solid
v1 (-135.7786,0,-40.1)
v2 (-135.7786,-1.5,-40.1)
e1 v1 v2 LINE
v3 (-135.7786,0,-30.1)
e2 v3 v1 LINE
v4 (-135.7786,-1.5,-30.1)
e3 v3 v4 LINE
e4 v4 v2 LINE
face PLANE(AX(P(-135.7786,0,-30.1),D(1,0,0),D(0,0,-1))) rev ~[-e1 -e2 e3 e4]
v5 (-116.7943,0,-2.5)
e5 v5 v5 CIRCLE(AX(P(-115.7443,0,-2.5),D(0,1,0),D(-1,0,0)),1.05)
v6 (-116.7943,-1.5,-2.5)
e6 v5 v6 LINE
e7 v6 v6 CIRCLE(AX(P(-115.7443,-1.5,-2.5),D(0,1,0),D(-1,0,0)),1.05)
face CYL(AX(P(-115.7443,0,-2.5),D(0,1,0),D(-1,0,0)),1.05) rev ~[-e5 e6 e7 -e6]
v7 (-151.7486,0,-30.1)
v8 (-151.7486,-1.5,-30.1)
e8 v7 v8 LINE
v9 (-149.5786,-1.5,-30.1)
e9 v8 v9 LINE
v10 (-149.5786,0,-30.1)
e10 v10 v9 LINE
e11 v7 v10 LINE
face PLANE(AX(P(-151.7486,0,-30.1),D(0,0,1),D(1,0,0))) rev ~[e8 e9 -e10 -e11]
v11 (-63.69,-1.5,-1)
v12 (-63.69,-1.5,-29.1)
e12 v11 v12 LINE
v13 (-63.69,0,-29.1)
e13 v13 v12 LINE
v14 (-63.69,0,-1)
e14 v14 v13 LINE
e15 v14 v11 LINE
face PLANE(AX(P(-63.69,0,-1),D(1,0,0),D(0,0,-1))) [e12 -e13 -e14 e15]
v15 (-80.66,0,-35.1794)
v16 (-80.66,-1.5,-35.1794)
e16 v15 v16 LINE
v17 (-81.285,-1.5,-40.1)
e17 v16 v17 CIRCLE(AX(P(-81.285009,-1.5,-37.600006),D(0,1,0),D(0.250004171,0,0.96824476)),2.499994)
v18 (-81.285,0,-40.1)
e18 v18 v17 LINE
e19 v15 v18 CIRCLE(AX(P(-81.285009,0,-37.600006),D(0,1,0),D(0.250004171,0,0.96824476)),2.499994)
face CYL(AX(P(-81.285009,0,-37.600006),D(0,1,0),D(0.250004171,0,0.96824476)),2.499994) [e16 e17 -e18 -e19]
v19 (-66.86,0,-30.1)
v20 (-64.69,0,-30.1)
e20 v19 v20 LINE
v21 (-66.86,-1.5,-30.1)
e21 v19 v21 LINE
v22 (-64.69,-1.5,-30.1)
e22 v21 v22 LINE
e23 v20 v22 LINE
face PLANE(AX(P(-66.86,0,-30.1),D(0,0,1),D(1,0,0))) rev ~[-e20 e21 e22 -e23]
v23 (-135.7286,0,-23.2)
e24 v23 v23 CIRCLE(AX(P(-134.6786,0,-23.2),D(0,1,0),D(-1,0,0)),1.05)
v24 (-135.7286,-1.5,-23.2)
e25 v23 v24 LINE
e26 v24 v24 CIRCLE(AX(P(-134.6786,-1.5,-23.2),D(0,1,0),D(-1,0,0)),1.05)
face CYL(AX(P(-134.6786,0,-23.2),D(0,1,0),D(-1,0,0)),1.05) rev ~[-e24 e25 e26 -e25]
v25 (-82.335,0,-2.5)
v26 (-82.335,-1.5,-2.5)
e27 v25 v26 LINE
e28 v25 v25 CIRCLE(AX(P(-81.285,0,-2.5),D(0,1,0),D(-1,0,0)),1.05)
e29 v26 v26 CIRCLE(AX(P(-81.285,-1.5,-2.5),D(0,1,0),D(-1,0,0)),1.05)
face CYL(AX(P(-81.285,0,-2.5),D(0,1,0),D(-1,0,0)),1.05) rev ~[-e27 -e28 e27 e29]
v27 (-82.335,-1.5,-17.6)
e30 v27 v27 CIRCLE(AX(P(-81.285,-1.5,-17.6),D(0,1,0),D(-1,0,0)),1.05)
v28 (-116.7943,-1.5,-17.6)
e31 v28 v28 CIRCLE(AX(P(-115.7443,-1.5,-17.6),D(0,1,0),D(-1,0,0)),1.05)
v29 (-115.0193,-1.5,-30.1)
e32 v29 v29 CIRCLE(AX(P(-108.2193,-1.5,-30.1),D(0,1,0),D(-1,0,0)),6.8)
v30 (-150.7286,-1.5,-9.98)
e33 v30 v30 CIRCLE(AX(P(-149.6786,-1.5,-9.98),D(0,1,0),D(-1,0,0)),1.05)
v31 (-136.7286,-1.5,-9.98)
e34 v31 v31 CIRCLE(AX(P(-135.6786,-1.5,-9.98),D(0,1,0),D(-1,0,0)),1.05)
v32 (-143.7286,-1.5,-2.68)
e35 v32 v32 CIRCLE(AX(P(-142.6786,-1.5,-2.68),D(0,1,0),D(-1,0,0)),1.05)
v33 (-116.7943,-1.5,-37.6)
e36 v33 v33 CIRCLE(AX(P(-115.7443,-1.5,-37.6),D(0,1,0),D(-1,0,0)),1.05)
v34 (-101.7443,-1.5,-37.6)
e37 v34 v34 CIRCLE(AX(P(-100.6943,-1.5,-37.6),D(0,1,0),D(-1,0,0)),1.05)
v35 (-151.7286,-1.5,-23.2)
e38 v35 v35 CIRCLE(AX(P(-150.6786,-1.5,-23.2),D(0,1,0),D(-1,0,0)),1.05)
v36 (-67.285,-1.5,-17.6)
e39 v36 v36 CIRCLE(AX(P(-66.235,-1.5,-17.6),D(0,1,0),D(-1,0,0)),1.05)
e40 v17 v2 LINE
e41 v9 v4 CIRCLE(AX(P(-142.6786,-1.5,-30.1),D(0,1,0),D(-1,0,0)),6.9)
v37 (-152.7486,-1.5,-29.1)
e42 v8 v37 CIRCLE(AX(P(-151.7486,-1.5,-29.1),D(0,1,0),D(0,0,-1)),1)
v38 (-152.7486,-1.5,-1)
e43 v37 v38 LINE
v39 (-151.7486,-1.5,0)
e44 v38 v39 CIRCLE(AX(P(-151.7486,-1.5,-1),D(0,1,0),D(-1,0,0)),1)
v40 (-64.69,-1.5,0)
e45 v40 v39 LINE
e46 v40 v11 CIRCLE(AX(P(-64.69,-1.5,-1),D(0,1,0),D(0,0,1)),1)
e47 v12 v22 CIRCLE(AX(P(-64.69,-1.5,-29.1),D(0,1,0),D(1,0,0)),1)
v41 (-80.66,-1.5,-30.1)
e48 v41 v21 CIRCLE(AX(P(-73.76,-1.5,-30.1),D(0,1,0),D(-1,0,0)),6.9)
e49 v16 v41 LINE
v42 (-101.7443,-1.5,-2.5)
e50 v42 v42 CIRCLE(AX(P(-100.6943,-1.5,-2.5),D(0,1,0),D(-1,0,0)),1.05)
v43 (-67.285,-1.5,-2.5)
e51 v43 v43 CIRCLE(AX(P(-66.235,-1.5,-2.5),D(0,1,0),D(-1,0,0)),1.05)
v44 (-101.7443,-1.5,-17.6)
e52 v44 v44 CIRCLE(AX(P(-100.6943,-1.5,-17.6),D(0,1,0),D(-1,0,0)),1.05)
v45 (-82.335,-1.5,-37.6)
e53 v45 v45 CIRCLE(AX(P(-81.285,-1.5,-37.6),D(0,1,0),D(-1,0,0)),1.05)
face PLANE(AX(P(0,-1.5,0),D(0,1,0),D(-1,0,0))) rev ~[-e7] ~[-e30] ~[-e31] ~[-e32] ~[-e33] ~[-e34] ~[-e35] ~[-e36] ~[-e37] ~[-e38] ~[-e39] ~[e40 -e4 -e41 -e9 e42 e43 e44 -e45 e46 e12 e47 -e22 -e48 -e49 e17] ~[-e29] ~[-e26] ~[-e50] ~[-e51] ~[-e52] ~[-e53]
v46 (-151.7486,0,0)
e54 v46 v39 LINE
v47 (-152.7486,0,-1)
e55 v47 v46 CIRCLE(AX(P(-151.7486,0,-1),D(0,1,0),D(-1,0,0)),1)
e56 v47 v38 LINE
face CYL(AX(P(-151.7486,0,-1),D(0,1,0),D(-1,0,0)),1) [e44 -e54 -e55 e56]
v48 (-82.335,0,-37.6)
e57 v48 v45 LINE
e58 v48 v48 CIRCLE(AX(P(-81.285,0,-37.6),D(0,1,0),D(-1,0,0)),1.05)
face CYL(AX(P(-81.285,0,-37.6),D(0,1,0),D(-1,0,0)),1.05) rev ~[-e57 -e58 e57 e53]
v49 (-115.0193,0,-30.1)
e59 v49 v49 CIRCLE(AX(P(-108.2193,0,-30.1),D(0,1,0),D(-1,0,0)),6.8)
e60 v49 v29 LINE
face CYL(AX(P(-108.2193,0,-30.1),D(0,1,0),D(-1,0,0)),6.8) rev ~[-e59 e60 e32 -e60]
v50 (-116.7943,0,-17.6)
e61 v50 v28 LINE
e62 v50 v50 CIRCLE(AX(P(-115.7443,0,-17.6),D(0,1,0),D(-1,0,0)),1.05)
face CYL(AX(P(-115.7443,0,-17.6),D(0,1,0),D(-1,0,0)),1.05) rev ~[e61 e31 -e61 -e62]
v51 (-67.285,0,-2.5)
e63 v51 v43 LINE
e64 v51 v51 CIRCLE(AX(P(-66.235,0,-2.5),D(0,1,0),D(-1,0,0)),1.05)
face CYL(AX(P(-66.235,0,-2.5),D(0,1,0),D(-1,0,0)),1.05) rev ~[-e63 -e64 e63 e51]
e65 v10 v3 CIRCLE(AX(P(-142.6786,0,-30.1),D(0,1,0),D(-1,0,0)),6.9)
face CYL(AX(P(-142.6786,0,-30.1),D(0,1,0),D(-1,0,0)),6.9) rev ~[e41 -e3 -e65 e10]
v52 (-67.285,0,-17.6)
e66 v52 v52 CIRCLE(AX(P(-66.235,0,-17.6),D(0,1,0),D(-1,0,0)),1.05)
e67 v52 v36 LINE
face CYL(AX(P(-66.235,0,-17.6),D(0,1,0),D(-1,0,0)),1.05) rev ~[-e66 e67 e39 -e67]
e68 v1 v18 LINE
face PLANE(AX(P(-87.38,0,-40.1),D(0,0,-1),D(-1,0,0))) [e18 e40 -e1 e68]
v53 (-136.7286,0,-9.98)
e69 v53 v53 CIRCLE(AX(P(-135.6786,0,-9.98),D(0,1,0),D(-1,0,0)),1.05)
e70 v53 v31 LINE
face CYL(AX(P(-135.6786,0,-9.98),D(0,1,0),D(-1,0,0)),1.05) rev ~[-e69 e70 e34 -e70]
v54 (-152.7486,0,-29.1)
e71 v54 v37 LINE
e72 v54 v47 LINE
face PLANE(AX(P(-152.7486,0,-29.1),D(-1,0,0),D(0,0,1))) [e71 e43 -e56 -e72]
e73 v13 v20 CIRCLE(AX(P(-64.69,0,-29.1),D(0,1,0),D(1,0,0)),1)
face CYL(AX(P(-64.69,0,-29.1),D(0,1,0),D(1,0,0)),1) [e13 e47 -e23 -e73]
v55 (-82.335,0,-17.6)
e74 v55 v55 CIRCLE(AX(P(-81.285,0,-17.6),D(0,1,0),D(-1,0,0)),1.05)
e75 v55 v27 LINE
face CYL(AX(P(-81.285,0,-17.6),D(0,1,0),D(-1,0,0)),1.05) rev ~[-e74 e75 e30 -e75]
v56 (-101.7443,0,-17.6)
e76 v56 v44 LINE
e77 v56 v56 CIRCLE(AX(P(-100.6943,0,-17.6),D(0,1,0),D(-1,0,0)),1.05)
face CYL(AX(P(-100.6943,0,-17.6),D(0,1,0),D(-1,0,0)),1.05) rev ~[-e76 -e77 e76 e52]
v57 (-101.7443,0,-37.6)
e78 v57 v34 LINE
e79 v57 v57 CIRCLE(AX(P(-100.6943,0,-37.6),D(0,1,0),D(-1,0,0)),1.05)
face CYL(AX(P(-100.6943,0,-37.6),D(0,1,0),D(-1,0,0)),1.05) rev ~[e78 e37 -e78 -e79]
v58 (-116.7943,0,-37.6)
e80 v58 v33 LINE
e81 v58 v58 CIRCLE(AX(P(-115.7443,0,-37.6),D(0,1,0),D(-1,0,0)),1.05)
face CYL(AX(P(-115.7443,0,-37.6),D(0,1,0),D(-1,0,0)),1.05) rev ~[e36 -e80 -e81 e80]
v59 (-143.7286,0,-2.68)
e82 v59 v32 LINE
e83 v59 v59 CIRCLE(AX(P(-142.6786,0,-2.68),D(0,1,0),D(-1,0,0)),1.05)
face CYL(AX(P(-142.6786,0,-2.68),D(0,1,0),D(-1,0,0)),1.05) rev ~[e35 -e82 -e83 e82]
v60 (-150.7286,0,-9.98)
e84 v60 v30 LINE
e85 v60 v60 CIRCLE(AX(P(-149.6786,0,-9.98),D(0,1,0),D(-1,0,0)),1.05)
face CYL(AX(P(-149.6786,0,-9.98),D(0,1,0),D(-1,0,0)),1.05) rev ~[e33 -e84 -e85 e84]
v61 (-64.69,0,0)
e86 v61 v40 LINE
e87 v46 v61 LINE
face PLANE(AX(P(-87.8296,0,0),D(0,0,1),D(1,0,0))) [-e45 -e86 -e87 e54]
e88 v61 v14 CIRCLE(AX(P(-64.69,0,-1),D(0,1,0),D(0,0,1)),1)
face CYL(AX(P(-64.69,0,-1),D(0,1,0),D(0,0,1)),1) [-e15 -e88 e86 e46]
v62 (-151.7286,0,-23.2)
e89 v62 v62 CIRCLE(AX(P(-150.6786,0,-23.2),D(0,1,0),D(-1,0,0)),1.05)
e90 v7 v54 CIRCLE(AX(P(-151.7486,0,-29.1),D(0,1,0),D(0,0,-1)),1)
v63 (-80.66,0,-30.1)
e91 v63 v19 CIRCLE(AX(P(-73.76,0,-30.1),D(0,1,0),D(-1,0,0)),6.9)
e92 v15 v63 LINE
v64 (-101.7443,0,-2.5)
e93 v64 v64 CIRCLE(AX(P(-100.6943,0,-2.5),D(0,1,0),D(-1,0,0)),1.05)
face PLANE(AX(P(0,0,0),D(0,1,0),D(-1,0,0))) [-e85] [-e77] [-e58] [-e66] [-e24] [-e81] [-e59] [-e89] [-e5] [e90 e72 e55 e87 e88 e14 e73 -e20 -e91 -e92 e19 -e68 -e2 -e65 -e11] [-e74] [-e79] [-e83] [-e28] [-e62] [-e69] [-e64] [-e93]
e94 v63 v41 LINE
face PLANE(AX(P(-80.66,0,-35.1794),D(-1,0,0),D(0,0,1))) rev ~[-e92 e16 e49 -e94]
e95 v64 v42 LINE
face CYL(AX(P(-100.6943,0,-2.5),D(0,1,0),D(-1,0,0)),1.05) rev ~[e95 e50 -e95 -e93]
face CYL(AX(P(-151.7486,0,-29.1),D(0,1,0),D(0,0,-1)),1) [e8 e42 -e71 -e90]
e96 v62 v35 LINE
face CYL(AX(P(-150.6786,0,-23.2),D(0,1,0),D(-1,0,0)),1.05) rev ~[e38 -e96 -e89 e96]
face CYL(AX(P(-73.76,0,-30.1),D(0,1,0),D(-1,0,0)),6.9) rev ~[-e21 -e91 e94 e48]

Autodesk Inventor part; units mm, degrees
ref_plane "YZ Plane" through (0, 0, 0) normal (1, 0, 0) x (0, 1, 0)
ref_plane "XZ Plane" through (0, 0, 0) normal (0, 1, 0) x (-1, 0, 0)
ref_plane "XY Plane" through (0, 0, 0) normal (0, 0, 1) x (1, 0, 0)
sketch "Sketch1" plane through (0, 0, 0) normal (0, 1, 0) x (-1, 0, 0)
  line L0 (87.8296, -40.1) -> (87.8296, 0)
  line L1 (128.6089, 0) -> (128.6089, -40.1)
  circle A0 centre (108.2193, -30.1) radius 6.8
  circle A1 centre (100.6943, -37.6) radius 1.05
  circle A2 centre (115.7443, -37.6) radius 1.05
  circle A3 centre (100.6943, -17.6) radius 1.05
  circle A4 centre (115.7443, -17.6) radius 1.05
  circle A5 centre (100.6943, -2.5) radius 1.05
  circle A6 centre (115.7443, -2.5) radius 1.05
  circle A7 centre (81.285, -37.6) radius 1.05
  circle A8 centre (66.235, -17.6) radius 1.05
  circle A9 centre (81.285, -17.6) radius 1.05
  circle A10 centre (66.235, -2.5) radius 1.05
  circle A11 centre (81.285, -2.5) radius 1.05
  circle A12 centre (142.6786, -2.68) radius 1.05
  circle A13 centre (149.6786, -9.98) radius 1.05
  circle A14 centre (135.6786, -9.98) radius 1.05
  circle A15 centre (150.6786, -23.2) radius 1.05
  circle A16 centre (134.6786, -23.2) radius 1.05
  arc A17 (64.69, 0) -> (63.69, -1) centre (64.69, -1) ccw
  arc A18 (152.7486, -1) -> (151.7486, 0) centre (151.7486, -1) ccw
  line L2 (152.7486, -29.1) -> (152.7486, -1)
  arc A19 (151.7486, -30.1) -> (152.7486, -29.1) centre (151.7486, -29.1) ccw
  line L3 (151.7486, -30.1) -> (149.5786, -30.1)
  arc A20 (149.5786, -30.1) -> (135.7786, -30.1) centre (142.6786, -30.1) ccw
  line L4 (135.7786, -30.1) -> (135.7786, -40.1)
  line L5 (81.285, -40.1) -> (135.7786, -40.1)
  arc A21 (80.66, -35.1794) -> (81.285, -40.1) centre (81.285, -37.6) ccw
  line L6 (80.66, -35.1794) -> (80.66, -30.1)
  arc A22 (80.66, -30.1) -> (66.86, -30.1) centre (73.76, -30.1) ccw
  line L7 (66.86, -30.1) -> (64.69, -30.1)
  arc A23 (63.69, -29.1) -> (64.69, -30.1) centre (64.69, -29.1) ccw
  line L8 (63.69, -1) -> (63.69, -29.1)
  line L9 (151.7486, 0) -> (64.69, 0)
  line L10 (129.0586, -40.1) -> (129.0586, 0)
  line L11 (128.1593, 0) -> (128.1593, -40.1)
  line L12 (88.2793, -40.1) -> (88.2793, 0)
  line L13 (87.38, 0) -> (87.38, -40.1)
extrude "Extrusion1" add sketch "Sketch1" against normal blind 1.5
properties part number "axis_5_top_frame"
